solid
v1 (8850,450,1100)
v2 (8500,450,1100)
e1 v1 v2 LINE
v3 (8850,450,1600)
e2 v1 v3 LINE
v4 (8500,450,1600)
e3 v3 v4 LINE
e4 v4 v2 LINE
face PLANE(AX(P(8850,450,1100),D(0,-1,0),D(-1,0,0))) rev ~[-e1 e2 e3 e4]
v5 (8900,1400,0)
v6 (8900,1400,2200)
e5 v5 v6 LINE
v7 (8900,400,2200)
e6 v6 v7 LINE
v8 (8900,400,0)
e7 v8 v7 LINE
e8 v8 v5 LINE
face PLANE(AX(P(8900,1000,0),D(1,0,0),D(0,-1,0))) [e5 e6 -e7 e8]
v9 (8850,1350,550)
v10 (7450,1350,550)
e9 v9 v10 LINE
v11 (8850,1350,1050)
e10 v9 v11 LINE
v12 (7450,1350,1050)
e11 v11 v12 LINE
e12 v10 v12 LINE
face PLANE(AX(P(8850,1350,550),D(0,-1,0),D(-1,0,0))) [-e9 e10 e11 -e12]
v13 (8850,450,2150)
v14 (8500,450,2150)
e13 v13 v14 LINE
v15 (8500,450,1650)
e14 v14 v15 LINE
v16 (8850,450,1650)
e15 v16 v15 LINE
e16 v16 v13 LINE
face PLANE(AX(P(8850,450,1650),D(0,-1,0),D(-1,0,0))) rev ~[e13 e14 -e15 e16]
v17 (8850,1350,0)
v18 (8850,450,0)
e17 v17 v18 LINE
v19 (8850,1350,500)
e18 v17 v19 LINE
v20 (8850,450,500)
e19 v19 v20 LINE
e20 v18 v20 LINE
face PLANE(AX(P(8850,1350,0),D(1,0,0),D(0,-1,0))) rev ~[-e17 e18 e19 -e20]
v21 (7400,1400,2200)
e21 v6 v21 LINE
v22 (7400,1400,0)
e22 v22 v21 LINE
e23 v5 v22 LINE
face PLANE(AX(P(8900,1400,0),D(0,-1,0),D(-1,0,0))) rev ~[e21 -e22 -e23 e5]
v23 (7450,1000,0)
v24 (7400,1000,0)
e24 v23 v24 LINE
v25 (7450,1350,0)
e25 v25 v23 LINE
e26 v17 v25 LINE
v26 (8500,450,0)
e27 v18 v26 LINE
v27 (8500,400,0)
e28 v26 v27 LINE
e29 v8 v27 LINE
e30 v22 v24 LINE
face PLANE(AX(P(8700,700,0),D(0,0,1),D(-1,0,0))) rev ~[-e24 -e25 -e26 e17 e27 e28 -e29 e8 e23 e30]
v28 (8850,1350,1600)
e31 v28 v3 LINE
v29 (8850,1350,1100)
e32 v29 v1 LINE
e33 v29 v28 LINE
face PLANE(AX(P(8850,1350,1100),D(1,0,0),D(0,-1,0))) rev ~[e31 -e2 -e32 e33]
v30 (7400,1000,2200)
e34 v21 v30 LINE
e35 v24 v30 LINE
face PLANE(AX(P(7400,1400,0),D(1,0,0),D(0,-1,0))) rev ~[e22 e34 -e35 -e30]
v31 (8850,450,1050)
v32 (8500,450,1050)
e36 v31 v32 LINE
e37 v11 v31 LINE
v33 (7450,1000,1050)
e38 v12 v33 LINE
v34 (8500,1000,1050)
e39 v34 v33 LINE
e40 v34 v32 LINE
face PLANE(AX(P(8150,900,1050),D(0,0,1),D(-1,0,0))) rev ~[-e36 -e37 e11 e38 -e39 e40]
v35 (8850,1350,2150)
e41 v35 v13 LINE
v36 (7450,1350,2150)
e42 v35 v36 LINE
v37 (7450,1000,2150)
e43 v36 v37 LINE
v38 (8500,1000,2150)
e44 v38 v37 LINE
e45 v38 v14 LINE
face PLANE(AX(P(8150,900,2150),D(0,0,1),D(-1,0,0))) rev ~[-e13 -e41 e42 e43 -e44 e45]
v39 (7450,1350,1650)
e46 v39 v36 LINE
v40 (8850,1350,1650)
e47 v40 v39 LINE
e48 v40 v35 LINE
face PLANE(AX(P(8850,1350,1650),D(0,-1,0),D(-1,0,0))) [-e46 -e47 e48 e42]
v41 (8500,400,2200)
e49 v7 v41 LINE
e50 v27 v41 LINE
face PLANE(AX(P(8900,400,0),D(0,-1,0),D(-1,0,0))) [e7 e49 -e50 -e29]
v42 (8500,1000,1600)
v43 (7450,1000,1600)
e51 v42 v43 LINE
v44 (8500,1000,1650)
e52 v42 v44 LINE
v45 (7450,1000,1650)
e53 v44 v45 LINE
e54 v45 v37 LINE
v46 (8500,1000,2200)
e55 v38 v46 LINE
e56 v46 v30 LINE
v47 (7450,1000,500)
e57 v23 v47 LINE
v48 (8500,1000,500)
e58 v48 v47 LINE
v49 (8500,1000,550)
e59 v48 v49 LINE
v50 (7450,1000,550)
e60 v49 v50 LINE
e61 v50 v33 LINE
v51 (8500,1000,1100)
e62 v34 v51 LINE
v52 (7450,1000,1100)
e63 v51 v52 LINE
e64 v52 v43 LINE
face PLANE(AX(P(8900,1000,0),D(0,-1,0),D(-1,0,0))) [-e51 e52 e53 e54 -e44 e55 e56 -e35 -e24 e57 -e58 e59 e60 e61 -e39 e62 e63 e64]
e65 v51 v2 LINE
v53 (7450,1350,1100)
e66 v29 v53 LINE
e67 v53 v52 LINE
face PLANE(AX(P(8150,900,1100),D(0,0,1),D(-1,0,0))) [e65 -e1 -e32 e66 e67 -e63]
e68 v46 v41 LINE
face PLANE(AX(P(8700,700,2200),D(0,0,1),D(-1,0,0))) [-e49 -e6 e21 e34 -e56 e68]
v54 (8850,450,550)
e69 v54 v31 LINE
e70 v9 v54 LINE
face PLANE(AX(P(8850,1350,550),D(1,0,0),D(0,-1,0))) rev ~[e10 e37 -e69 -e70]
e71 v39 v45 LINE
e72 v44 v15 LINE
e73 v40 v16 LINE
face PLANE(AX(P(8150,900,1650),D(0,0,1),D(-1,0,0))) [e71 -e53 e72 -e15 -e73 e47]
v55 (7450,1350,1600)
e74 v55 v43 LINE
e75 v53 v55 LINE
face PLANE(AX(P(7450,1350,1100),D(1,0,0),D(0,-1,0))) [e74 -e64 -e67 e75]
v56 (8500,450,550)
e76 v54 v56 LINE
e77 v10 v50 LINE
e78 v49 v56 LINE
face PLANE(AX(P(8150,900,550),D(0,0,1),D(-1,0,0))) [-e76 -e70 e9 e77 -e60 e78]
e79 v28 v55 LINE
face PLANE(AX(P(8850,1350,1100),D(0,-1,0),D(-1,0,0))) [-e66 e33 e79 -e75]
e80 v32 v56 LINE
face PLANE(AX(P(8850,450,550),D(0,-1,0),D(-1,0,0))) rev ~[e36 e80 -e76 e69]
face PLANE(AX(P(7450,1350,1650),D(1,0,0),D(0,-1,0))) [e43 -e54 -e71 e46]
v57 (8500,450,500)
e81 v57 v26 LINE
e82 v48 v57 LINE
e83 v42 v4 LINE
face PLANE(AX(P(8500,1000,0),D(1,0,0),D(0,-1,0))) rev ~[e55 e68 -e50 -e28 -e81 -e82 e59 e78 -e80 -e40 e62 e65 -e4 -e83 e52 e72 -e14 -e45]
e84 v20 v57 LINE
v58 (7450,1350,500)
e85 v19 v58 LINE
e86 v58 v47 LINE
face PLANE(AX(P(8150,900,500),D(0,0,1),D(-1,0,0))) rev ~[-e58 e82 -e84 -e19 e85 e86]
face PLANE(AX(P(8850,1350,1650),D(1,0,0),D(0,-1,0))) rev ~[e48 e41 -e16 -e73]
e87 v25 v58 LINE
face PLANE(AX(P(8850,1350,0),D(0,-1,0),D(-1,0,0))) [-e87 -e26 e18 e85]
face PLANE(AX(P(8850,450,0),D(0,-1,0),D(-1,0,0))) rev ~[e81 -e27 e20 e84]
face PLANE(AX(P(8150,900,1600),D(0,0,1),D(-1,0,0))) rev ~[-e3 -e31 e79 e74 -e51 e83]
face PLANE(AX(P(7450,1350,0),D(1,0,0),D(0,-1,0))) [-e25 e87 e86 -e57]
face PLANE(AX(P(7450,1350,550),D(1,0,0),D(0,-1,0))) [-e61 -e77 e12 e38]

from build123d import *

# Parameters (mm, degrees)
BOX3529_W        = 1400
BOX3529_H        = 900
BOX3529_DEPTH    = 500
ARRAY281_Z_COUNT = 4
ARRAY281_Z_PITCH = 550
BOX3527_W        = 400
BOX3527_H        = 600
BOX3527_DEPTH    = 2200
BOX3528_W        = 1500
BOX3528_H        = 400
BOX3528_DEPTH    = 2200


with BuildPart() as array281:
    # Box3529 → Box3529 (new body)
    with BuildSketch(Plane(origin=(8850, 1350, 0), x_dir=(-1, 0, 0), z_dir=(0, 0, 1))):
        with Locations((700, 450)):
            Rectangle(BOX3529_W, BOX3529_H)
    extrude(amount=BOX3529_DEPTH)

    # Array281 Z: Array281 ×4


with BuildPart() as array281_1:
    add(array281.part)
    with Locations(*[(0, 0, i * ARRAY281_Z_PITCH) for i in range(1, ARRAY281_Z_COUNT)]):
        add(array281.part)


with BuildPart() as box3527:
    # Box3527 → Box3527 (new body)
    with BuildSketch(Plane(origin=(8900, 1000, 0), x_dir=(-1, 0, 0), z_dir=(0, 0, 1))):
        with Locations((200, 300)):
            Rectangle(BOX3527_W, BOX3527_H)
    extrude(amount=BOX3527_DEPTH)


with BuildPart() as cut003:
    # Box3528 → Box3528 (new body)
    with BuildSketch(Plane(origin=(8900, 1400, 0), x_dir=(-1, 0, 0), z_dir=(0, 0, 1))):
        with Locations((750, 200)):
            Rectangle(BOX3528_W, BOX3528_H)
    extrude(amount=BOX3528_DEPTH)

    # Fusion015: union Box3527
    add(box3527.part)

    # Cut003: cut Array281
    add(array281_1.part, mode=Mode.SUBTRACT)


solid = cut003.part
